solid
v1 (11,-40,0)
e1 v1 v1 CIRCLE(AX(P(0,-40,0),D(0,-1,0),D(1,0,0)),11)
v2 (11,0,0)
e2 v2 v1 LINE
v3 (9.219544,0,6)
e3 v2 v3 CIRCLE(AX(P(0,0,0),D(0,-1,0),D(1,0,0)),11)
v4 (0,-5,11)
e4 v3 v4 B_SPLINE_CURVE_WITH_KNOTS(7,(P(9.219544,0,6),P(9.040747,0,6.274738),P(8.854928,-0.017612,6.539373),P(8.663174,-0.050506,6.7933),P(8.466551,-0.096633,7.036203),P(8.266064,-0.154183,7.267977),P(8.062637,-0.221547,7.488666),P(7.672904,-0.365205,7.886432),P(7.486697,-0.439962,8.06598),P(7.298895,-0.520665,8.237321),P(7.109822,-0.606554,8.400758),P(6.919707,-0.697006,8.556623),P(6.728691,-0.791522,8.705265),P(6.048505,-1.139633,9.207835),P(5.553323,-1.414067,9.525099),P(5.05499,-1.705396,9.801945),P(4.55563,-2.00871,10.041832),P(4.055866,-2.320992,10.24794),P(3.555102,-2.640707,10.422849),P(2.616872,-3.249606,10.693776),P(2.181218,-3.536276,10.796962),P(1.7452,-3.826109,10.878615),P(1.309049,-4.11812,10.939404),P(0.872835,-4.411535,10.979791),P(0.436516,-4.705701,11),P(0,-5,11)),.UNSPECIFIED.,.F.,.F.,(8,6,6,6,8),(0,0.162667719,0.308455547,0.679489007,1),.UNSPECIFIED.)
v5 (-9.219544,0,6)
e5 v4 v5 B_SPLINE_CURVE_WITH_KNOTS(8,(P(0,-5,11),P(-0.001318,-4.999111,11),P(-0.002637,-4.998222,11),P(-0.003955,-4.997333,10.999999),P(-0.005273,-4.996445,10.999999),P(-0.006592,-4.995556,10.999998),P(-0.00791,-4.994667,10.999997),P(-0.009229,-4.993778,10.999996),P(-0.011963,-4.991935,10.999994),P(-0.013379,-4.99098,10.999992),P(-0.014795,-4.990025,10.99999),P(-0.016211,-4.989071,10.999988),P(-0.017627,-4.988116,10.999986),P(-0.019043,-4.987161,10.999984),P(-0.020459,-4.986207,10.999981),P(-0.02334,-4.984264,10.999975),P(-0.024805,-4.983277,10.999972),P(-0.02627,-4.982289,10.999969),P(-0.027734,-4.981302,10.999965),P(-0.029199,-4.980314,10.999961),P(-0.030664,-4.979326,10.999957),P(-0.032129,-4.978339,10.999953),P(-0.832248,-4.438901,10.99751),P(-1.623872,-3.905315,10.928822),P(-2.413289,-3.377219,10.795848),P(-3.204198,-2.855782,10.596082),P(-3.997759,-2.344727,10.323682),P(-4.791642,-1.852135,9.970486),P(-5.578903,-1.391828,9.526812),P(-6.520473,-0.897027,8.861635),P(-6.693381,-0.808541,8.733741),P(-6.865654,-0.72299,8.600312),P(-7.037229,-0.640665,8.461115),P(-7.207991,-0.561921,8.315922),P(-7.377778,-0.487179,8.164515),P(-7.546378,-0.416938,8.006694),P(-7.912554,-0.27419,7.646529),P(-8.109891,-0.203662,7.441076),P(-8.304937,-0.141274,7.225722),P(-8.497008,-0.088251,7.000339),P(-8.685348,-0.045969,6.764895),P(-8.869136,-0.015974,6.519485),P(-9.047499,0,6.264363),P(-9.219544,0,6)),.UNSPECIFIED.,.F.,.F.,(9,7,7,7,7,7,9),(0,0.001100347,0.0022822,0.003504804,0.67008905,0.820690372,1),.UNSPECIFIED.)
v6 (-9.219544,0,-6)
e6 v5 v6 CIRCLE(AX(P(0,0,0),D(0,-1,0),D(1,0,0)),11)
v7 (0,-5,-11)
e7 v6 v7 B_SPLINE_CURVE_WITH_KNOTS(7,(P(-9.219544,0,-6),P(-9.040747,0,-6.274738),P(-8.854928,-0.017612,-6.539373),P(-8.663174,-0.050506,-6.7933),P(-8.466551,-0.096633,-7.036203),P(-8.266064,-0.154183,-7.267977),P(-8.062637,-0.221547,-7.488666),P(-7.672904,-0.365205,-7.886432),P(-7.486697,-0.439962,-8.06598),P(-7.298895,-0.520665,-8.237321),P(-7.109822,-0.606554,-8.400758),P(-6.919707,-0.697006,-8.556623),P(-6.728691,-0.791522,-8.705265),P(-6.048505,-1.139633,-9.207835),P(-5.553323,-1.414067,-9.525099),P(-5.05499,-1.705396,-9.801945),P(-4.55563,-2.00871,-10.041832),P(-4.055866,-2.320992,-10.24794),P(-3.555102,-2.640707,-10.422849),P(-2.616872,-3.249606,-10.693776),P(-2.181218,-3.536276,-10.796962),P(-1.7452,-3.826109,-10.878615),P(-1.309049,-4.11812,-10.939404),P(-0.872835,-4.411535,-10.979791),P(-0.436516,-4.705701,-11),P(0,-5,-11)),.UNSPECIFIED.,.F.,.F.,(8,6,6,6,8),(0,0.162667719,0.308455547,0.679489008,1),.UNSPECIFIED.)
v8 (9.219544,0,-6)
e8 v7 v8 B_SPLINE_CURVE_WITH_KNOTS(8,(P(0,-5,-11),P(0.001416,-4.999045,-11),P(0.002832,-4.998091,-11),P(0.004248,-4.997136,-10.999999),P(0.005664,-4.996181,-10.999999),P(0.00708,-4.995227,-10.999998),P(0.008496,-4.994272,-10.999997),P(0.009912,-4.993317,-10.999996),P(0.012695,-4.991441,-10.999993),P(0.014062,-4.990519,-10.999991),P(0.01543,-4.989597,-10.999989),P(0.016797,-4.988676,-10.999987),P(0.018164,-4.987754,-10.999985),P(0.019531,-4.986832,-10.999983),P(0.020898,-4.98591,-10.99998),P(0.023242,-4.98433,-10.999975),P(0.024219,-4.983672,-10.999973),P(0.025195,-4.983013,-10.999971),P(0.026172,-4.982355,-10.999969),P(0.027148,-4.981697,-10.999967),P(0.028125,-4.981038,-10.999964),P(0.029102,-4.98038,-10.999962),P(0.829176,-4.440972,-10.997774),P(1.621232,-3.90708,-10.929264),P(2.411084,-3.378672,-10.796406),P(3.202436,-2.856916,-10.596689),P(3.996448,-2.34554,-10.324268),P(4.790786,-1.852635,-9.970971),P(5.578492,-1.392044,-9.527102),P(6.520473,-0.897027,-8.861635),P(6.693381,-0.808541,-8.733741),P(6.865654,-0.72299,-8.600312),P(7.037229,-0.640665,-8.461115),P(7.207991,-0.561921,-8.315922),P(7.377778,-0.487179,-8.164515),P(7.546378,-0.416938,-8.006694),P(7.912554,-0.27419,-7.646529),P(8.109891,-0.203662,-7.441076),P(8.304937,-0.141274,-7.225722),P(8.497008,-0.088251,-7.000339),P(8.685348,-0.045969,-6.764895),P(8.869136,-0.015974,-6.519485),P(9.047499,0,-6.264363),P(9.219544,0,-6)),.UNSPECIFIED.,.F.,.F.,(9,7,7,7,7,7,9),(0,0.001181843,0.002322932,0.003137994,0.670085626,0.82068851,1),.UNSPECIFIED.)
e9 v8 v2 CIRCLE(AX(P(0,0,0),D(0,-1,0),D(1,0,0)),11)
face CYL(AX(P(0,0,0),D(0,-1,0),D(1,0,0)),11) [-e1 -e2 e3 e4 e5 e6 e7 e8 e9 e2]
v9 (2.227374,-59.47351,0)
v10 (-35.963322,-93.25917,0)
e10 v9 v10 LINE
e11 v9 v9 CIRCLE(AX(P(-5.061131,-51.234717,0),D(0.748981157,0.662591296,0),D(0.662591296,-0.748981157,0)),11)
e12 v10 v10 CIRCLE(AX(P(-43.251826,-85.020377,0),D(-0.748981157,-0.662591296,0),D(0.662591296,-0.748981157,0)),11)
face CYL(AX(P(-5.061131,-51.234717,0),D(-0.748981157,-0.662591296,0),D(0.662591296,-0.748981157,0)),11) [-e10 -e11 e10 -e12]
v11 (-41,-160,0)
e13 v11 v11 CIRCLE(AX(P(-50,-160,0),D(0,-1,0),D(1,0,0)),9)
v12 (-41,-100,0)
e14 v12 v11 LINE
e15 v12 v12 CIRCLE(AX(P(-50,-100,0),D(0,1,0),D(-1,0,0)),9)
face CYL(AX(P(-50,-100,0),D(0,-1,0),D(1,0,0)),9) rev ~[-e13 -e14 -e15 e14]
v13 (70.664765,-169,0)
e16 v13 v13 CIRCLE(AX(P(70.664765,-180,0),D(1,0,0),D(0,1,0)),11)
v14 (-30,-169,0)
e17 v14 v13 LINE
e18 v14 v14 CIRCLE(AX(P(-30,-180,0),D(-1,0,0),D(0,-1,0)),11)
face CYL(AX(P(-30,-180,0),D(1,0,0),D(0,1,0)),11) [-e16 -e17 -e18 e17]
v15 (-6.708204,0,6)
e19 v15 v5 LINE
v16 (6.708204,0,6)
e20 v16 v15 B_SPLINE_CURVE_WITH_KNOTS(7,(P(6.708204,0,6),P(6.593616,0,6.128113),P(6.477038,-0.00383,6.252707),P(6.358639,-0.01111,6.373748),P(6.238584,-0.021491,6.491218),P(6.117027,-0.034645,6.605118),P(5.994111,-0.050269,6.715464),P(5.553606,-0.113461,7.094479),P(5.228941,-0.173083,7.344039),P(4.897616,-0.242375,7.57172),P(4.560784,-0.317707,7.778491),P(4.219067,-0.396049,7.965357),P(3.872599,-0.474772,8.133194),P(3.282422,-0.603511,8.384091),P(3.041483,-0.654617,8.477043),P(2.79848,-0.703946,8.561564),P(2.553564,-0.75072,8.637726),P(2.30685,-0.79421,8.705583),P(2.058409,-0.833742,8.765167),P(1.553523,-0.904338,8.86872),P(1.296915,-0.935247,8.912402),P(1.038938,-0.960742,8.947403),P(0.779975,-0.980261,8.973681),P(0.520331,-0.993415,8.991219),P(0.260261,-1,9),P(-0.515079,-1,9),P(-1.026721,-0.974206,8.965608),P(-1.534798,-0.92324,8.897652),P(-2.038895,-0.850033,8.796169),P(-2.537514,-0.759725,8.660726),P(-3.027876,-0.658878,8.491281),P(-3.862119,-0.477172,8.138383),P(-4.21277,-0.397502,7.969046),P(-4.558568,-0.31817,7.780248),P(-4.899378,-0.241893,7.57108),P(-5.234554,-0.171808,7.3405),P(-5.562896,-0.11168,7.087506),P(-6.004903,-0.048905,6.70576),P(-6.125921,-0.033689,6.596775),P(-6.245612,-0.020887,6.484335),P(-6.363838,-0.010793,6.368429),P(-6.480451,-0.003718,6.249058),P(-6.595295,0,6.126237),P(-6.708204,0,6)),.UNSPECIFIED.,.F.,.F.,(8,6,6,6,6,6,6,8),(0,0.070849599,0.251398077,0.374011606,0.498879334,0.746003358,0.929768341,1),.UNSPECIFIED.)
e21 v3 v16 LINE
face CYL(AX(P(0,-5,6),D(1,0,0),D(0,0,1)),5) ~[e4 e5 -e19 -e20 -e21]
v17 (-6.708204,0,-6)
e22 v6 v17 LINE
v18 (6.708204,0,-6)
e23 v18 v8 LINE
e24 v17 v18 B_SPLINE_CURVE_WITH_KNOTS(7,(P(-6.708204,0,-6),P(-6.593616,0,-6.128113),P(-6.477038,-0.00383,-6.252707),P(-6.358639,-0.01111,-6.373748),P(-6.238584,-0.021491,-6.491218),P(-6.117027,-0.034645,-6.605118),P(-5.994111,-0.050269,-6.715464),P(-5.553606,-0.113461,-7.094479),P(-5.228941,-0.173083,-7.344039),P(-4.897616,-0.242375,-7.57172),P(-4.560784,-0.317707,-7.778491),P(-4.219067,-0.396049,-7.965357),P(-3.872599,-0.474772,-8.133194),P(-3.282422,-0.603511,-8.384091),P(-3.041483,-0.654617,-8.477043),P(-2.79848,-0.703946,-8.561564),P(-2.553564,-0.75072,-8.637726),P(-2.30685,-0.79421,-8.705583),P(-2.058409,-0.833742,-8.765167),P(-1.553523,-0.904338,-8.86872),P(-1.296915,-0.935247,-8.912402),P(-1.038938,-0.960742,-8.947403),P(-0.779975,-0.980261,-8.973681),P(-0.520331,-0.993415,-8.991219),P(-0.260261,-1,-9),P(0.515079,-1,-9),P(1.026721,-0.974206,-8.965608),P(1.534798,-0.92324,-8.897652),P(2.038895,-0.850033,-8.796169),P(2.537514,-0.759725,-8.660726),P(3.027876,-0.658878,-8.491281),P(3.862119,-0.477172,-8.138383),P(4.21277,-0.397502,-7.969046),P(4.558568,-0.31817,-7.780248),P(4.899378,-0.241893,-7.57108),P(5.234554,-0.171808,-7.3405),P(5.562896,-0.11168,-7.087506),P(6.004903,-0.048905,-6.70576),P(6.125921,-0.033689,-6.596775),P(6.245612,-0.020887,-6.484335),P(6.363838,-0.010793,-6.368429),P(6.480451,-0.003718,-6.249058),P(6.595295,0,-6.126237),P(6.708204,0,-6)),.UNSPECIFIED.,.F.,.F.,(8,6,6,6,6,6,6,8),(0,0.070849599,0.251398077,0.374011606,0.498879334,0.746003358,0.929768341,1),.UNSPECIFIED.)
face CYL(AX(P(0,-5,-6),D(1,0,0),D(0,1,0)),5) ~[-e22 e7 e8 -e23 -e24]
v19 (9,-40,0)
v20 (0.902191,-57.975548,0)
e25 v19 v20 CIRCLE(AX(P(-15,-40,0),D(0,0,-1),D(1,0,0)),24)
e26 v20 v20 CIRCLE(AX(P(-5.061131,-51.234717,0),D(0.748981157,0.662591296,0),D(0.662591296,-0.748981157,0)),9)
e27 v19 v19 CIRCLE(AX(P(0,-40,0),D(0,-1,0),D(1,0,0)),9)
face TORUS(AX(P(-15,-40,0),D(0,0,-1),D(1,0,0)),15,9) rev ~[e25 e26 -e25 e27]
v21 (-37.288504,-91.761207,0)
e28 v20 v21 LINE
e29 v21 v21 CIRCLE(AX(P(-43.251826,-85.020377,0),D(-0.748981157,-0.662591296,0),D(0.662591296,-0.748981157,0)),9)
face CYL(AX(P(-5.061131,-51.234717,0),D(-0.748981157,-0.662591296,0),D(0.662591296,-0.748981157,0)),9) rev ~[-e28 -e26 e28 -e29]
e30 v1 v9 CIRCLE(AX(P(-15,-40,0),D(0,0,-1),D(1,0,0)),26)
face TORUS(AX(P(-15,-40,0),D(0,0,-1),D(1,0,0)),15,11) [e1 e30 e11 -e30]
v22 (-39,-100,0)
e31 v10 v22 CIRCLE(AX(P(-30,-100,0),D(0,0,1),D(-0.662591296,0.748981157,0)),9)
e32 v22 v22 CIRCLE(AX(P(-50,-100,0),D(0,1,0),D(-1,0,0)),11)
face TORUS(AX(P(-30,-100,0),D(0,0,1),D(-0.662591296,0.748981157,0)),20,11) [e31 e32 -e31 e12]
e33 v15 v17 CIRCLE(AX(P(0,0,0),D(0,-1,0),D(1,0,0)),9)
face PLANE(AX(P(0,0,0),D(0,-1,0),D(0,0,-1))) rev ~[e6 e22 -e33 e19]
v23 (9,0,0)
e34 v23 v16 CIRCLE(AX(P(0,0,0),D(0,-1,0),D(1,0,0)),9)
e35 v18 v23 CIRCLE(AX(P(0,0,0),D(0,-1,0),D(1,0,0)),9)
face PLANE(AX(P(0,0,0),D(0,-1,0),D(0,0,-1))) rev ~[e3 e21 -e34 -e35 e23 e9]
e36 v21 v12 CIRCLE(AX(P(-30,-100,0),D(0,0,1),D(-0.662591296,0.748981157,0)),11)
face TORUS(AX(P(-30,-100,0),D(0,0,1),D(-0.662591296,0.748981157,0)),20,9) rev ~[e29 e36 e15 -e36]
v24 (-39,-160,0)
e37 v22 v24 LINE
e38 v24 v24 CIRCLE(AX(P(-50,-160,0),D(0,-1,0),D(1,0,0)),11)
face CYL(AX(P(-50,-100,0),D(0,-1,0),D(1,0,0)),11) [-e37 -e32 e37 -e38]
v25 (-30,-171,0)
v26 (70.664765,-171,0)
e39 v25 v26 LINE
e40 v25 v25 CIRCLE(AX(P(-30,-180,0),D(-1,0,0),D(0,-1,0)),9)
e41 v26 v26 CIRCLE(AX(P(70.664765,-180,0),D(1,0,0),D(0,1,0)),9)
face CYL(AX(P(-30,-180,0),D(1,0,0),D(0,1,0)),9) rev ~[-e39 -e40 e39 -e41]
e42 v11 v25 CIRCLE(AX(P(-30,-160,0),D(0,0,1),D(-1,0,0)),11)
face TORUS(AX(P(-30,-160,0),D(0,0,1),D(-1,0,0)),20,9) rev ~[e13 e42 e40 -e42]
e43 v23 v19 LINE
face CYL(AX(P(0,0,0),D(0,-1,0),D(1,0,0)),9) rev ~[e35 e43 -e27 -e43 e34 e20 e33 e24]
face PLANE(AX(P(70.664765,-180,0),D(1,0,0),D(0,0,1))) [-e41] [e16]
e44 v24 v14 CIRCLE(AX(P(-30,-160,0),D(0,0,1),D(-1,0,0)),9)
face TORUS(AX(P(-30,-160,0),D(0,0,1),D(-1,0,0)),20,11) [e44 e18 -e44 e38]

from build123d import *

# Parameters (mm, degrees)
F0_R     = 11
F0_R_2   = 9
F4_DEPTH = 25


with BuildPart() as f2:
    # F2: sweep along a path in F1
    with BuildLine(Plane.XY) as f2_path:
        Line((0, 0), (0, -40))
        ThreePointArc((0, -40), (-1.3236876013, -46.1610452986), (-5.0611305563, -51.2347173609))
        Line((-5.0611305563, -51.2347173609), (-43.251825925, -85.0203768521))
        ThreePointArc((-43.251825925, -85.0203768521), (-48.2350831983, -91.7852729351), (-50, -100))
        Line((-50, -100), (-50, -160))
        ThreePointArc((-50, -160), (-44.1421356237, -174.1421356237), (-30, -180))
        Line((-30, -180), (70.6647652388, -180))
    # F0 (on Front) → F2 (sweep)
    with BuildSketch(Plane.XZ):
        Circle(F0_R)
        Circle(F0_R_2, mode=Mode.SUBTRACT)
    sweep(path=f2_path.line)

    # F3 (on Right) → F4 (cut, symmetric)
    with BuildSketch(Plane.YZ):
        with BuildLine():
            Line((0, 6), (0, 0))
            Line((0, 0), (9.8131904379, 0))
            Line((9.8131904379, 0), (9.8131904379, 17.0113388449))
            Line((9.8131904379, 17.0113388449), (-6.2809404917, 17.0113388449))
            Line((-6.2809404917, 17.0113388449), (-6.2809404917, 11))
            Line((-6.2809404917, 11), (-5, 11))
            ThreePointArc((-5, 11), (-1.4644660941, 9.5355339059), (0, 6))
        make_face()
        with BuildLine():
            Line((9.8131904379, 0), (0, 0))
            Line((0, 0), (0, -6))
            ThreePointArc((0, -6), (-1.4644660941, -9.5355339059), (-5, -11))
            Line((-5, -11), (-6.2809404917, -11))
            Line((-6.2809404917, -11), (-6.2809404917, -17.0113388449))
            Line((-6.2809404917, -17.0113388449), (9.8131904379, -17.0113388449))
            Line((9.8131904379, -17.0113388449), (9.8131904379, 0))
        make_face()
    extrude(amount=F4_DEPTH, both=True, mode=Mode.SUBTRACT)


solid = f2.part
